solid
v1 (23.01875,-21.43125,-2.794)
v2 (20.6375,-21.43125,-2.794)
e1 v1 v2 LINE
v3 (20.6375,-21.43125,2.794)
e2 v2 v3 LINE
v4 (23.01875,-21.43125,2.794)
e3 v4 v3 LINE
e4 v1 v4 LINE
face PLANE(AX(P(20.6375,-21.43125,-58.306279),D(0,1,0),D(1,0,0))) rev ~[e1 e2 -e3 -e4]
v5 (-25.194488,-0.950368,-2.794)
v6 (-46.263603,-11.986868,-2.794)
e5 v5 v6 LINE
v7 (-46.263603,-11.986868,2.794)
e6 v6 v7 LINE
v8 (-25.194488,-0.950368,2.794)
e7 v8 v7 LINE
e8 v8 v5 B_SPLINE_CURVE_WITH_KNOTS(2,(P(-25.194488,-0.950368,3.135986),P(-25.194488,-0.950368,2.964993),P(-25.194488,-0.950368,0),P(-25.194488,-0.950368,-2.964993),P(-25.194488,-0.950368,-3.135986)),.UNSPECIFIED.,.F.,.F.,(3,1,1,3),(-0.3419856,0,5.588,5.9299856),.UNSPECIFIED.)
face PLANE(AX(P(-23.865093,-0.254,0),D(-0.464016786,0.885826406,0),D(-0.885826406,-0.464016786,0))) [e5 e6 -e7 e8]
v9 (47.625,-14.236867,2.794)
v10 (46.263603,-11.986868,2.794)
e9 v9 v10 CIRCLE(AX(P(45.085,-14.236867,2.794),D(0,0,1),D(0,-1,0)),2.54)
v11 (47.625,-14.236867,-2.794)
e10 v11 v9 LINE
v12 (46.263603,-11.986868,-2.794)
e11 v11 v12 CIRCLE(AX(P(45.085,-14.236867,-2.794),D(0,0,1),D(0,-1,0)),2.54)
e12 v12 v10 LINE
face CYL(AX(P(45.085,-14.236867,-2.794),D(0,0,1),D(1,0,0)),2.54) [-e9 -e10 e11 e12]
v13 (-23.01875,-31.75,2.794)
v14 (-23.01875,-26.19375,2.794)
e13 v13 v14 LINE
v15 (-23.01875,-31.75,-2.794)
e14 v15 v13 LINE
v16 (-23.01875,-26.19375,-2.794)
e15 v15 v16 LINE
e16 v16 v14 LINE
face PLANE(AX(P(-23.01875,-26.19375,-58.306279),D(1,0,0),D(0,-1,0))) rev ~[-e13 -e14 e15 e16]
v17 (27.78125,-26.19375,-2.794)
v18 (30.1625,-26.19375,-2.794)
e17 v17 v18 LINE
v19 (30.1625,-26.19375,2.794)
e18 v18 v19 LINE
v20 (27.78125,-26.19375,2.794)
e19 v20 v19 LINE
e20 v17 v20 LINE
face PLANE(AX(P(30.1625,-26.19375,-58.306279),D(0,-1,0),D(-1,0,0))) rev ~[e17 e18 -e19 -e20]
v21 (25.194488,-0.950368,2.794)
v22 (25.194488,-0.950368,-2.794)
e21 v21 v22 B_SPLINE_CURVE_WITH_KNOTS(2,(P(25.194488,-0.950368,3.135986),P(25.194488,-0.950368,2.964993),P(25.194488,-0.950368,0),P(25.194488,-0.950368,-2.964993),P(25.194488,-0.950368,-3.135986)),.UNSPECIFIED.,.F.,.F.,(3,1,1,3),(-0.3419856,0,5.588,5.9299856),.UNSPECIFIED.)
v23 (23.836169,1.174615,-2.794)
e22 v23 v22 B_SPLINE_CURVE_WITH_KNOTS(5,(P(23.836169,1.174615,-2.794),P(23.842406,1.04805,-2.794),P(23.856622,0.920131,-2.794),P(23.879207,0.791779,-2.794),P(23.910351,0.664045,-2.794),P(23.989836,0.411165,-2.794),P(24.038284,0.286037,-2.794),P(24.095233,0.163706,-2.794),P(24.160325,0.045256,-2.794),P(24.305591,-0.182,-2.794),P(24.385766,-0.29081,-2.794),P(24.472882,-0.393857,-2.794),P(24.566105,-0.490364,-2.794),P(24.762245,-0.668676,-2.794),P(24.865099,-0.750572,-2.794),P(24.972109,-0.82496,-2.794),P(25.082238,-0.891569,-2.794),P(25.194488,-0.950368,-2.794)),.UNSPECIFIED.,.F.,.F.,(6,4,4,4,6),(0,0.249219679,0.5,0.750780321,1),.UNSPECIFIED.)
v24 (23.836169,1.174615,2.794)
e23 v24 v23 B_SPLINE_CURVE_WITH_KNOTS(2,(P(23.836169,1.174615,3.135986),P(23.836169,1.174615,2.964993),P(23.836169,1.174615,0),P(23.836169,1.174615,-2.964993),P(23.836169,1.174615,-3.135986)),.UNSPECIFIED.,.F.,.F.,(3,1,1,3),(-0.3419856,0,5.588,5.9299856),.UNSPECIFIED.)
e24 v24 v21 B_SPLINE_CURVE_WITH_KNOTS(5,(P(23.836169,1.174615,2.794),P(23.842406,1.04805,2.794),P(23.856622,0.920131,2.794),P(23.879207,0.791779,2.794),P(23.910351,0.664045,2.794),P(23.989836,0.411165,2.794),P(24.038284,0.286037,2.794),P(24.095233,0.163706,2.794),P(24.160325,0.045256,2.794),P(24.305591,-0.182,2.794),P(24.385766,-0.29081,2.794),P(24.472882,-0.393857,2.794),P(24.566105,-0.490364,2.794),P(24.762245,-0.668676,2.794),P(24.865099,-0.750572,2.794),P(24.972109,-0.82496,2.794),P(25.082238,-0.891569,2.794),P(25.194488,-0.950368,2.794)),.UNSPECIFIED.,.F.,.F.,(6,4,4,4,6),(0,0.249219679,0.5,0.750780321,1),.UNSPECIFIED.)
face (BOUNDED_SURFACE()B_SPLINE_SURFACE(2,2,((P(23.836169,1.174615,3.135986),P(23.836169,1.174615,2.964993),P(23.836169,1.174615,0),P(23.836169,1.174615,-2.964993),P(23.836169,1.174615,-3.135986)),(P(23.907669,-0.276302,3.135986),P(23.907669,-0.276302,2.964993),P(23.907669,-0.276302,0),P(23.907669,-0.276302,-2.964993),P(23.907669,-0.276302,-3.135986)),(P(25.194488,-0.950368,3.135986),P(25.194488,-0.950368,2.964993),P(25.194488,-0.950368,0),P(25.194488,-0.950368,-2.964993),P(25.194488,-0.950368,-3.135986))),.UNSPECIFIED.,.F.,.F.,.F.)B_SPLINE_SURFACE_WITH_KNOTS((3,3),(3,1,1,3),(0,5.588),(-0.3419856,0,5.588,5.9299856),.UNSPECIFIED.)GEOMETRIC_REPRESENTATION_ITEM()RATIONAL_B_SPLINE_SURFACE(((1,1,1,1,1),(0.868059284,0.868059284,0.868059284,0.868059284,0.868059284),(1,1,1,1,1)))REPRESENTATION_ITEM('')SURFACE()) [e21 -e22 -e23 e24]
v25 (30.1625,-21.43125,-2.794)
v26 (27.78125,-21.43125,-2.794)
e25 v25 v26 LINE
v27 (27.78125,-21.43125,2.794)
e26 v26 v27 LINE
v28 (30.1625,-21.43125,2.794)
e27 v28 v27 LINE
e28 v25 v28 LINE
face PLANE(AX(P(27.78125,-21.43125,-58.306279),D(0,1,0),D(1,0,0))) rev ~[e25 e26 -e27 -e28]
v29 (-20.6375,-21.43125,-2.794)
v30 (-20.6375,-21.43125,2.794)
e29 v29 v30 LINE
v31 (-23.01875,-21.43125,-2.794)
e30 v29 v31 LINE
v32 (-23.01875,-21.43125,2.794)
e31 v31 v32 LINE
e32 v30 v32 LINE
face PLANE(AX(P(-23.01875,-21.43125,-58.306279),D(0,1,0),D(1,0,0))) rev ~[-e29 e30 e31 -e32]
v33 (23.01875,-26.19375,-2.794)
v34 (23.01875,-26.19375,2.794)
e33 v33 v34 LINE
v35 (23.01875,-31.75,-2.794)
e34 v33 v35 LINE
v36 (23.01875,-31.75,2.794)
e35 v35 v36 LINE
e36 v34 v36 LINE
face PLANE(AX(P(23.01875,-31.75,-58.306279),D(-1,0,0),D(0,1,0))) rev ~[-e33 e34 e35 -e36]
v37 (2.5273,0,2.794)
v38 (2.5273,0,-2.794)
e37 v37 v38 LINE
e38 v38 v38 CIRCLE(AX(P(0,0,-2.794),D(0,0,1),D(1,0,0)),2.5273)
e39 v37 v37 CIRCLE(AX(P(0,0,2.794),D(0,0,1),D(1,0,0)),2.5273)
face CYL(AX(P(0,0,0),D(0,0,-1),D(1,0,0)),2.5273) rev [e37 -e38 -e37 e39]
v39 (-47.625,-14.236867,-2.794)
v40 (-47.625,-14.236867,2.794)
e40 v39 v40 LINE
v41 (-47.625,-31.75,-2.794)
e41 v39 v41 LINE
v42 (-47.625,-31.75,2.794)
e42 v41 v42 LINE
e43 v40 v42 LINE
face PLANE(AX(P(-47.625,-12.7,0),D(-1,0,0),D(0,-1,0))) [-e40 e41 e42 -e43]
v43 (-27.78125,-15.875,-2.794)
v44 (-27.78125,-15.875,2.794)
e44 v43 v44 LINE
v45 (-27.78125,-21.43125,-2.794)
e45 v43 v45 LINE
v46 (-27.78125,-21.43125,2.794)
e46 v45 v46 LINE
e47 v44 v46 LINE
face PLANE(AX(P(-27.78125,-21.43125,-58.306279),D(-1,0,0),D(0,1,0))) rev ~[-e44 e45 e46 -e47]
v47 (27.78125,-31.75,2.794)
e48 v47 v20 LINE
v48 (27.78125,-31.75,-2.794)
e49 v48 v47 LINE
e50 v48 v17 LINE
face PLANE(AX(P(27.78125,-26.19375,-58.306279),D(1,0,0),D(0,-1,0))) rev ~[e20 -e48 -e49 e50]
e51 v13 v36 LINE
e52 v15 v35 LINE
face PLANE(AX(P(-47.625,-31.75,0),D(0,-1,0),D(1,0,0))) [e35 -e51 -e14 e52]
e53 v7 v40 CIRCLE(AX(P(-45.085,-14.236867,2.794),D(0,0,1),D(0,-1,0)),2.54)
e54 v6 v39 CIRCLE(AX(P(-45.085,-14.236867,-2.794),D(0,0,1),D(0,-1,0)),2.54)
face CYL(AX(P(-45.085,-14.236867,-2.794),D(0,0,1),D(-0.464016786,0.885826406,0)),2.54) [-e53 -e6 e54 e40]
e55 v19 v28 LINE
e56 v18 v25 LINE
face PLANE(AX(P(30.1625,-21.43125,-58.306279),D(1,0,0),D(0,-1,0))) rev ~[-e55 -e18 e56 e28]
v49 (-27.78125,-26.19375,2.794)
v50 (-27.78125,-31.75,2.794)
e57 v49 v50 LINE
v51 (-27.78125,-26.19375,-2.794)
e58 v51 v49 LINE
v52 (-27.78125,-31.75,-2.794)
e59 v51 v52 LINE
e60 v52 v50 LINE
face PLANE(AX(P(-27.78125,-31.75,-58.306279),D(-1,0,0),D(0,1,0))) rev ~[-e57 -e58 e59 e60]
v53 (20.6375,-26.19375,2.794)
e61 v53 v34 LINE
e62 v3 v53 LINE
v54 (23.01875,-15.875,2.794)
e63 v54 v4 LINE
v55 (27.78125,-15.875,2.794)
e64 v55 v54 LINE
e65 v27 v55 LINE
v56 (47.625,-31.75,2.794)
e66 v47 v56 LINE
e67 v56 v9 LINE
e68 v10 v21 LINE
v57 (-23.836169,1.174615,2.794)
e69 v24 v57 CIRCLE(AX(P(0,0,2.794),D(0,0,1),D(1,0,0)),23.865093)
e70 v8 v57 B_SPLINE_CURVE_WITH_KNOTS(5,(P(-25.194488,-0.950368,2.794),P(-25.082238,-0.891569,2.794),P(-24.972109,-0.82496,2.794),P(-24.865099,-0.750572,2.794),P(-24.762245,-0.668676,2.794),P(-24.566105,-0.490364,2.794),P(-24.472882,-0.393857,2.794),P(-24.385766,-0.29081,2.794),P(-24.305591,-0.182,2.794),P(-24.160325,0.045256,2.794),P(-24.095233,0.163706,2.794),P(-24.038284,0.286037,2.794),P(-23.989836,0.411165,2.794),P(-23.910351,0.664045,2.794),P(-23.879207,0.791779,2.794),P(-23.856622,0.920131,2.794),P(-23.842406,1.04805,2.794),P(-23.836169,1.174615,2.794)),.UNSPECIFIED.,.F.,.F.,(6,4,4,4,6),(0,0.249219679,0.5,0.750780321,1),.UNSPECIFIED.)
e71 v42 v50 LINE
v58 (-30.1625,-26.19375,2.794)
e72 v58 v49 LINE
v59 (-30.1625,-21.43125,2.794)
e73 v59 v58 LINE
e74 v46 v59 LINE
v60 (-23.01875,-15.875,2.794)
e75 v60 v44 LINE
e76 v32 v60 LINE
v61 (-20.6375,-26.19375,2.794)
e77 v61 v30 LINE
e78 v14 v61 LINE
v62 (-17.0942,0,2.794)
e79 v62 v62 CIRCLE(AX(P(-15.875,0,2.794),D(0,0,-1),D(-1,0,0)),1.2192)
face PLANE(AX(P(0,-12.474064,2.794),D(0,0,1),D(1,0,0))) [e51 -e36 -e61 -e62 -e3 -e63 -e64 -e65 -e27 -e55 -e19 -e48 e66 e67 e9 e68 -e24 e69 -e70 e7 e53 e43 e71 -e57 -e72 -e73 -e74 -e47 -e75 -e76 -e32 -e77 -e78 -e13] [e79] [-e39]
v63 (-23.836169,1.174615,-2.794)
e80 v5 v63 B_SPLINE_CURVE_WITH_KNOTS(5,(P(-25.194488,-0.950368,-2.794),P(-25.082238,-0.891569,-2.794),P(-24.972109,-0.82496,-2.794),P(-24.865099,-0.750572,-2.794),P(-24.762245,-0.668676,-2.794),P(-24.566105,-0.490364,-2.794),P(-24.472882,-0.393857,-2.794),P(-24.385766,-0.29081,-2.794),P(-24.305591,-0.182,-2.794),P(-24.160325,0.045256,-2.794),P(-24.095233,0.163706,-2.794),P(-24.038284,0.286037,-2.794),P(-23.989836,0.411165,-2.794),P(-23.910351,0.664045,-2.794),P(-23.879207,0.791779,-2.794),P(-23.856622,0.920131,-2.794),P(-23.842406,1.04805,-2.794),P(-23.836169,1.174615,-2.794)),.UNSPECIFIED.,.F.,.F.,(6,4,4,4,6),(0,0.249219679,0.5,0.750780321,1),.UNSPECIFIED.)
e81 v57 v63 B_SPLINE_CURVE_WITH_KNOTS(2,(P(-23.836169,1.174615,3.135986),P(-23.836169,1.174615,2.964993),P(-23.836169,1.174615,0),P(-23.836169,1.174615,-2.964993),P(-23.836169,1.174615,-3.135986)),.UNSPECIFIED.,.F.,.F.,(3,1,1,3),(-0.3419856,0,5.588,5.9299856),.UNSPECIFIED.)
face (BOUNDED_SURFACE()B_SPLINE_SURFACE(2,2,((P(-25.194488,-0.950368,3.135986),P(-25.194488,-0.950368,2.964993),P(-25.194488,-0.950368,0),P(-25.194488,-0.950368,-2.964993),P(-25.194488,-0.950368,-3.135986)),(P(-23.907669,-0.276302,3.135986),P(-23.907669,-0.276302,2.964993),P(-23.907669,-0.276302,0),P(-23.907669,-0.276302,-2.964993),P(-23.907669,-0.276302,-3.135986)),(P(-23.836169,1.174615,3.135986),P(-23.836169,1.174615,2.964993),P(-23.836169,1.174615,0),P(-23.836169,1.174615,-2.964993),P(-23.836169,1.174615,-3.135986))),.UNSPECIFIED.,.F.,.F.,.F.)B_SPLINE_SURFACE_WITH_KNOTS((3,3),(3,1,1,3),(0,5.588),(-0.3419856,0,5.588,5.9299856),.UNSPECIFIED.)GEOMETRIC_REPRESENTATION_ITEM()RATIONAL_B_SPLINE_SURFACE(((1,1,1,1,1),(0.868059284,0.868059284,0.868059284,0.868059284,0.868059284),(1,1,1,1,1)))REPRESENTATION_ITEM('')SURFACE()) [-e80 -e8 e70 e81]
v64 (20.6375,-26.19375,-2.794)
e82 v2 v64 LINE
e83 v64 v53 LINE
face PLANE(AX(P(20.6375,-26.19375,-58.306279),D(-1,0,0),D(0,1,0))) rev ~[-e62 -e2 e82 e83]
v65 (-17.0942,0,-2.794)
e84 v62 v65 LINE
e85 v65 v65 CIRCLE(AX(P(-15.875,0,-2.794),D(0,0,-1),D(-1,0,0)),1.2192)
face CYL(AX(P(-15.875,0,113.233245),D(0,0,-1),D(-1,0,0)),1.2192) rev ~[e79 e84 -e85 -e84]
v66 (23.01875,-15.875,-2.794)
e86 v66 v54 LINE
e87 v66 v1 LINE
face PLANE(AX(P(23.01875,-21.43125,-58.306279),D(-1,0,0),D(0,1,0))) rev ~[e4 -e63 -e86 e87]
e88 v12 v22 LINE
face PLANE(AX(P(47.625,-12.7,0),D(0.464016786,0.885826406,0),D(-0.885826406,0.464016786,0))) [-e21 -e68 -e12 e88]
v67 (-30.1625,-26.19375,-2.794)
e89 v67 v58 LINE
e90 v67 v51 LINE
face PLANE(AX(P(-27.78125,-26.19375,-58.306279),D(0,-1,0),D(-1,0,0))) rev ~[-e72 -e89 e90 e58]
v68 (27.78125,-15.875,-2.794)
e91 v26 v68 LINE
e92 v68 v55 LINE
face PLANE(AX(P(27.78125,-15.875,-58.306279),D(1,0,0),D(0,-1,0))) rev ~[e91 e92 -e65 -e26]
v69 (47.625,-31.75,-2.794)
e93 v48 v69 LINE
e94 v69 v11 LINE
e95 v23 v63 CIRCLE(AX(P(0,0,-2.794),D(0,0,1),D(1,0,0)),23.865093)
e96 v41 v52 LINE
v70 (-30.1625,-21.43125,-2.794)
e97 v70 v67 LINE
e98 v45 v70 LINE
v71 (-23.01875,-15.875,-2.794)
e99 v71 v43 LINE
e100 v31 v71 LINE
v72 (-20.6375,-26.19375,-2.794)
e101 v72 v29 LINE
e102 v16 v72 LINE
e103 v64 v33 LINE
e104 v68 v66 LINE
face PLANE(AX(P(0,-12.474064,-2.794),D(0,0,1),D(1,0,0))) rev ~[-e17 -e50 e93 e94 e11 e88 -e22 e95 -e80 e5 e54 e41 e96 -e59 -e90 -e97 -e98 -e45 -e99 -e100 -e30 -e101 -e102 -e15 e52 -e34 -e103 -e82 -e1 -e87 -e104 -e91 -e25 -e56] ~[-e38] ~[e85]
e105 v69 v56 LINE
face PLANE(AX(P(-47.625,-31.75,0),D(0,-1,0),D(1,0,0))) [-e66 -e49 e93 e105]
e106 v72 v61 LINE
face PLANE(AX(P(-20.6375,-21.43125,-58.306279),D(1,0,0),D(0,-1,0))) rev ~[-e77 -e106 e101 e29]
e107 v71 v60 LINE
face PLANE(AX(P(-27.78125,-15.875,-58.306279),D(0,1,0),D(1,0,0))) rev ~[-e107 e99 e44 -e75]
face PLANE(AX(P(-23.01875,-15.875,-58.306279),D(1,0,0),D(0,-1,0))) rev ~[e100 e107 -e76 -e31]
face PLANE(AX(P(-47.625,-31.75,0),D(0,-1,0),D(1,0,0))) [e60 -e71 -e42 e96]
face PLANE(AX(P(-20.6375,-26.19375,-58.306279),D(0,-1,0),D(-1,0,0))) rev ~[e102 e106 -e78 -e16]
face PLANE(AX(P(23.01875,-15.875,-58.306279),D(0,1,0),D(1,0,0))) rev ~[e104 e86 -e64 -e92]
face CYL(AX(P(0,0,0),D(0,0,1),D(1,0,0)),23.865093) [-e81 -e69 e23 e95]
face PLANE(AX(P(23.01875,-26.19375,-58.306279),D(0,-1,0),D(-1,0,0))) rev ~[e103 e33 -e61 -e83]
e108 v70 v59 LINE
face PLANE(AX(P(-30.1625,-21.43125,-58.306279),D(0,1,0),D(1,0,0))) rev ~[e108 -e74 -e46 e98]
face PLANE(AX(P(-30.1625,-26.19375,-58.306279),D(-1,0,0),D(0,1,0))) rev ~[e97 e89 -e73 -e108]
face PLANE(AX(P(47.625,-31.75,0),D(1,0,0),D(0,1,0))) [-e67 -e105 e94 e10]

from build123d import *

# Parameters (mm, degrees)
SKETCH1_R               = 2.5273
BOSS_EXTRUDE1_DEPTH     = 2.794
F_2_CLEARANCE_HOLE1_D   = 2.4384
FILLET1_R               = 2.54
CUT_EXTRUDE2_DEPTH      = 58.306278691
CUT_EXTRUDE2_DEPTH_BACK = 58.306278691


with BuildPart() as part:
    # Sketch1 → Boss-Extrude1 (new, symmetric)
    with BuildSketch(Plane.XY):
        with BuildLine():
            Line((-23.865093494, -0.254), (-47.625, -12.7))
            Line((-47.625, -12.7), (-47.625, -31.75))
            Line((-47.625, -31.75), (47.625, -31.75))
            Line((47.625, -31.75), (47.625, -12.7))
            Line((47.625, -12.7), (23.865093494, -0.254))
            Line((23.865093494, -0.254), (23.865093494, 0))
            ThreePointArc((23.865093494, 0), (0, 23.865093494), (-23.865093494, 0))
            Line((-23.865093494, 0), (-23.865093494, -0.254))
        make_face()
        Circle(SKETCH1_R, mode=Mode.SUBTRACT)
    extrude(amount=BOSS_EXTRUDE1_DEPTH, both=True)

    # #2 Clearance Hole1 (through all)
    with Locations(Plane.XY.offset(2.794)):
        with Locations((-15.875, 0)):
            Hole(F_2_CLEARANCE_HOLE1_D / 2)

    # Fillet1
    fillet1_edges = [part.edges().sort_by_distance(p)[0] for p in [
        (47.625, -12.7, 0),
        (23.865093494, -0.254, 0),
        (-47.625, -12.7, 0),
        (-23.865093494, -0.254, 0),
    ]]
    fillet(fillet1_edges, radius=FILLET1_R)

    # Sketch6 → Cut-Extrude2 (cut, two sides: drawn at the far end of the back side and taken through both)
    with BuildSketch(Plane.XY.offset(-CUT_EXTRUDE2_DEPTH_BACK)):
        Polygon((-27.78125, -31.75), (-27.78125, -26.19375), (-30.1625, -26.19375), (-30.1625, -21.43125), (-27.78125, -21.43125), (-27.78125, -15.875), (-23.01875, -15.875), (-23.01875, -21.43125), (-20.6375, -21.43125), (-20.6375, -26.19375), (-23.01875, -26.19375), (-23.01875, -31.75), align=None)
        Polygon((23.01875, -31.75), (23.01875, -26.19375), (20.6375, -26.19375), (20.6375, -21.43125), (23.01875, -21.43125), (23.01875, -15.875), (27.78125, -15.875), (27.78125, -21.43125), (30.1625, -21.43125), (30.1625, -26.19375), (27.78125, -26.19375), (27.78125, -31.75), align=None)
    extrude(amount=CUT_EXTRUDE2_DEPTH + CUT_EXTRUDE2_DEPTH_BACK, mode=Mode.SUBTRACT)


solid = part.part
